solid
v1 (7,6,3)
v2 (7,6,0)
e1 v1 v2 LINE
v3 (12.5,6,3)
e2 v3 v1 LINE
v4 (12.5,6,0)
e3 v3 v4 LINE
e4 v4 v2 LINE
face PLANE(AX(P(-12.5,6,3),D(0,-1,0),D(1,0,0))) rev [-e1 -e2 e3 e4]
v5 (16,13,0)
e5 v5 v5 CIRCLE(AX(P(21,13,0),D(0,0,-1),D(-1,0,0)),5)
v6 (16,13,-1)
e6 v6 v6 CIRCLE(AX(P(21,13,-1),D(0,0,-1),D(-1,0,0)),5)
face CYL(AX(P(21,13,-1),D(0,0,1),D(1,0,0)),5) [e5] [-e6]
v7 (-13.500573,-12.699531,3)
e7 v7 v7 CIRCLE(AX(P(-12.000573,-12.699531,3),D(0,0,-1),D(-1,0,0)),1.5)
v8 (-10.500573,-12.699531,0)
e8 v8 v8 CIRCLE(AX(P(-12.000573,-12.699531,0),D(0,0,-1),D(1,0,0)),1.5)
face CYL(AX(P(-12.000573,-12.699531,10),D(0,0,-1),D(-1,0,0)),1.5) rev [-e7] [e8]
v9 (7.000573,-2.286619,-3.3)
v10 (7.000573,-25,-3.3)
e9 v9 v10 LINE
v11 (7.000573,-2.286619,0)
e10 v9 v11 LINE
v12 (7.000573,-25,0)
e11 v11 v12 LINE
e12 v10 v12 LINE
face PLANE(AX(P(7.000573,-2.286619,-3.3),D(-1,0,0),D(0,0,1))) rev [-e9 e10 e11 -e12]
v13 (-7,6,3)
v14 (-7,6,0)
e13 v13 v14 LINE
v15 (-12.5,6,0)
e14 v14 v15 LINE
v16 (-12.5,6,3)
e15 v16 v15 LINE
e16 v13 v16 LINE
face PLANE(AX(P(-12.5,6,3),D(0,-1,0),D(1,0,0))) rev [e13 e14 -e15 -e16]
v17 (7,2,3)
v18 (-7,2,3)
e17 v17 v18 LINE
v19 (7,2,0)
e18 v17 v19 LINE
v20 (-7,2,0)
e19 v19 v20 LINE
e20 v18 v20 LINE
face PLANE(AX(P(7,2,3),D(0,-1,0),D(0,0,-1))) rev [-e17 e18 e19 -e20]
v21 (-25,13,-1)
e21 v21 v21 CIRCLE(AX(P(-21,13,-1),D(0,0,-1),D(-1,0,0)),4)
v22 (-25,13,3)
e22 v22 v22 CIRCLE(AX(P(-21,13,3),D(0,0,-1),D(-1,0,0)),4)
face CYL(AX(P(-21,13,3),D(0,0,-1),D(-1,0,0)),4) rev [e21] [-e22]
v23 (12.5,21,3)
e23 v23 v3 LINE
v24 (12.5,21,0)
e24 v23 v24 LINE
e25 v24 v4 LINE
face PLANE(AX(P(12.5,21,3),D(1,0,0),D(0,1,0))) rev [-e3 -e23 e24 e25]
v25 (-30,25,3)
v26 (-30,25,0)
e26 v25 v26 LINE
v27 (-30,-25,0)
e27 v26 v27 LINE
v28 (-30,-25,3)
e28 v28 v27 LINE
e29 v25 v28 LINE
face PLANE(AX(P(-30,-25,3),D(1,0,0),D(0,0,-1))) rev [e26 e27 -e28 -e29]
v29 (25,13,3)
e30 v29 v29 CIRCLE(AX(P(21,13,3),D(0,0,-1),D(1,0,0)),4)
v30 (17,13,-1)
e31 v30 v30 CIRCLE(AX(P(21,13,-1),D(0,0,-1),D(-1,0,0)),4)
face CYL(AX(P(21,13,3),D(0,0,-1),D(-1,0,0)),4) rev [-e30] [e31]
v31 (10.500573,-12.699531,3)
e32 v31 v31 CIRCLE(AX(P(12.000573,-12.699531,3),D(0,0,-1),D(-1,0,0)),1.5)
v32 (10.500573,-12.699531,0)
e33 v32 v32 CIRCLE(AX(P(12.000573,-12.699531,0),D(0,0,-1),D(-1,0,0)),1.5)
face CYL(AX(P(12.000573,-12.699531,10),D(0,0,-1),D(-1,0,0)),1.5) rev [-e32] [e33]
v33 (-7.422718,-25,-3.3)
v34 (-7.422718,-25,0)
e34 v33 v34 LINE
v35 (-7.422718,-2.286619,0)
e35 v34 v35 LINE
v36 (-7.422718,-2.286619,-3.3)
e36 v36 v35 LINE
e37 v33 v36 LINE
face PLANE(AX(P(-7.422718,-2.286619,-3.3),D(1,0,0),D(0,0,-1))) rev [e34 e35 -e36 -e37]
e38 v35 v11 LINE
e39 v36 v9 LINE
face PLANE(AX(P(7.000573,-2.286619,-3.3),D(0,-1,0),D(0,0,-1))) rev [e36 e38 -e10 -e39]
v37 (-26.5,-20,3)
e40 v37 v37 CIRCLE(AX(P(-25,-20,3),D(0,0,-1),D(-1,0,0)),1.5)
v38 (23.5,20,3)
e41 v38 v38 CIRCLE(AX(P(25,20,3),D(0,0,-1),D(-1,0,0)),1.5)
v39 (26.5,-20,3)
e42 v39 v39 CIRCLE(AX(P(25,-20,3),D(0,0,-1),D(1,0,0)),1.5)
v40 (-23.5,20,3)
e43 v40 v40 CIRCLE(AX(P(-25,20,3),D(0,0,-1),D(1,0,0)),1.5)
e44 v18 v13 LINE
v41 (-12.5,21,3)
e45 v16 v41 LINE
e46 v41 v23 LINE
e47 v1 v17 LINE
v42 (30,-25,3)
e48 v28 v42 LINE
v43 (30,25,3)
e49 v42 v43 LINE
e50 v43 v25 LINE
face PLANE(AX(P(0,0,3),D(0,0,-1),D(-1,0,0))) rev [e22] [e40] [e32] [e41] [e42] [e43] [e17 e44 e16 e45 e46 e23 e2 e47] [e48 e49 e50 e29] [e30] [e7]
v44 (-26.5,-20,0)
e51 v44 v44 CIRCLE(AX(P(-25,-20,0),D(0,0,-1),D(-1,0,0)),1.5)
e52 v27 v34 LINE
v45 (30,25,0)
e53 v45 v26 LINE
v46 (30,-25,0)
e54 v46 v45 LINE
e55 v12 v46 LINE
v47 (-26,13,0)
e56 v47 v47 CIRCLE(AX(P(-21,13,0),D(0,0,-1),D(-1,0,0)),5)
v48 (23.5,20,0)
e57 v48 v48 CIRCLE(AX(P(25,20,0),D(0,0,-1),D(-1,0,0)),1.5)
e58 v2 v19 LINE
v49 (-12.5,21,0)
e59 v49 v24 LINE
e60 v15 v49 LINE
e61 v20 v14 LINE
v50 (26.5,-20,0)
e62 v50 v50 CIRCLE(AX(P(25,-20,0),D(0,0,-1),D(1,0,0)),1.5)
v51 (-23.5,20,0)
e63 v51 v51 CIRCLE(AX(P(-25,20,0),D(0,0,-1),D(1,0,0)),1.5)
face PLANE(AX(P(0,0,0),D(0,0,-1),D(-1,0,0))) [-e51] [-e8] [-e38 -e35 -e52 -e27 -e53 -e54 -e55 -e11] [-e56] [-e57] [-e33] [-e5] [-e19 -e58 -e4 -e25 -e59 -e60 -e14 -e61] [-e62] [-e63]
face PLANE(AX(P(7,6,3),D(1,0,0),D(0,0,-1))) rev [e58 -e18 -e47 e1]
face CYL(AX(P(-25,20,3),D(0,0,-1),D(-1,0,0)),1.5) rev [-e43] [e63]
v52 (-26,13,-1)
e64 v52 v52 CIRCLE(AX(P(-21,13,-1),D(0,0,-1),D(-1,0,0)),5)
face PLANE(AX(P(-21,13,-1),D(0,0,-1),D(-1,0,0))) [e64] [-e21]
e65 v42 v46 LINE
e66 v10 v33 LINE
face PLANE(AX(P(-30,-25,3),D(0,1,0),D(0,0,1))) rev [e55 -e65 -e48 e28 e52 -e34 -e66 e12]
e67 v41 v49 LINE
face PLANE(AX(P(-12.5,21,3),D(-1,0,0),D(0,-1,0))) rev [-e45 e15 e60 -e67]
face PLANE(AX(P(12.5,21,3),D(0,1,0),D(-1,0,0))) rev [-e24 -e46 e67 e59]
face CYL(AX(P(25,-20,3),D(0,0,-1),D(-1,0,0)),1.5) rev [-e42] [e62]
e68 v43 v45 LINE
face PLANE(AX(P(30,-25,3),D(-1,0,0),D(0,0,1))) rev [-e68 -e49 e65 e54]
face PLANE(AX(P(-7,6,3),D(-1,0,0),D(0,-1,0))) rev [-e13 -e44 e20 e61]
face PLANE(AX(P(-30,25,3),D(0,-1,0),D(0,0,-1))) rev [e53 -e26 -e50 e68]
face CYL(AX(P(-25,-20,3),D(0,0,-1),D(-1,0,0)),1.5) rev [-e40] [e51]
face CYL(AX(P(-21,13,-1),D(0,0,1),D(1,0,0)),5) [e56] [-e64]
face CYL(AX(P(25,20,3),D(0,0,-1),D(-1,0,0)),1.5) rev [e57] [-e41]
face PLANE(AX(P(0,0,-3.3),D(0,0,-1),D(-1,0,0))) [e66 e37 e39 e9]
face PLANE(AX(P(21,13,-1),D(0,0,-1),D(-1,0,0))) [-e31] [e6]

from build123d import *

# Parameters (mm, degrees)
SKETCH1_W           = 60
SKETCH1_H           = 50
BOSS_EXTRUDE1_DEPTH = 3
SKETCH2_R           = 4
CUT_EXTRUDE1_DEPTH  = 40.166312055
BOSS_EXTRUDE2_START = 1
SKETCH3_R           = 5
SKETCH3_R_2         = 4
BOSS_EXTRUDE2_DEPTH = 1
SKETCH4_W           = 25
SKETCH4_H           = 15
CUT_EXTRUDE2_DEPTH  = 40.166312055
SKETCH5_W           = 14
SKETCH5_H           = 4
CUT_EXTRUDE3_DEPTH  = 40.166312055
SKETCH6_W           = 14.423290477
SKETCH6_H           = 22.713380778
BOSS_EXTRUDE3_DEPTH = 3.3
SKETCH8_R           = 1.5
CUT_EXTRUDE4_DEPTH  = 40.190432506
SKETCH9_R           = 1.5
CUT_EXTRUDE5_DEPTH  = 10


with BuildPart() as part:
    # Sketch1 → Boss-Extrude1 (new body)
    with BuildSketch(Plane.XY):
        Rectangle(SKETCH1_W, SKETCH1_H)
    extrude(amount=BOSS_EXTRUDE1_DEPTH)

    # Sketch2 → Cut-Extrude1 (cut, through all)
    with BuildSketch(Plane(origin=(0, 0, 0), x_dir=(-1, 0, 0), z_dir=(0, 0, -1))):
        with Locations((21, 13)):
            Circle(SKETCH2_R)
        with Locations(Location((-21, 13, 0), (0, 0, 180))):
            Circle(SKETCH2_R)
    extrude(amount=-CUT_EXTRUDE1_DEPTH, mode=Mode.SUBTRACT)

    # Sketch3 → Boss-Extrude2 (add)
    # profile 1 of 2: a face of its own
    with BuildSketch(Plane(origin=(0, 0, 0), x_dir=(-1, 0, 0), z_dir=(0, 0, -1)).offset(BOSS_EXTRUDE2_START)):
        with Locations((21, 13)):
            Circle(SKETCH3_R)
        with Locations((21, 13)):
            Circle(SKETCH3_R_2, mode=Mode.SUBTRACT)
    # profile 2 of 2: a face of its own
    with BuildSketch(Plane(origin=(0, 0, 0), x_dir=(-1, 0, 0), z_dir=(0, 0, -1)).offset(BOSS_EXTRUDE2_START)):
        with Locations((-21, 13)):
            Circle(SKETCH3_R)
        with Locations((-21, 13)):
            Circle(SKETCH3_R_2, mode=Mode.SUBTRACT)
    extrude(amount=-BOSS_EXTRUDE2_DEPTH)

    # Sketch4 → Cut-Extrude2 (cut, through all)
    with BuildSketch(Plane(origin=(0, 0, 0), x_dir=(-1, 0, 0), z_dir=(0, 0, -1))):
        with Locations((0, 13.5)):
            Rectangle(SKETCH4_W, SKETCH4_H)
    extrude(amount=-CUT_EXTRUDE2_DEPTH, mode=Mode.SUBTRACT)

    # Sketch5 → Cut-Extrude3 (cut, through all)
    with BuildSketch(Plane(origin=(0, 0, 0), x_dir=(-1, 0, 0), z_dir=(0, 0, -1))):
        with Locations((0, 4)):
            Rectangle(SKETCH5_W, SKETCH5_H)
    extrude(amount=-CUT_EXTRUDE3_DEPTH, mode=Mode.SUBTRACT)

    # Sketch6 → Boss-Extrude3 (add)
    with BuildSketch(Plane(origin=(0, 0, 0), x_dir=(-1, 0, 0), z_dir=(0, 0, -1))):
        with Locations((0.211072543, -13.643309611)):
            Rectangle(SKETCH6_W, SKETCH6_H)
    extrude(amount=BOSS_EXTRUDE3_DEPTH)

    # Sketch8 → Cut-Extrude4 (cut, through all)
    with BuildSketch(Plane(origin=(0, 0, 0), x_dir=(-1, 0, 0), z_dir=(0, 0, -1))):
        with Locations((-25, 20)):
            Circle(SKETCH8_R)
        with Locations(Location((-25, -20, 0), (0, 0, 180))):
            Circle(SKETCH8_R)
        with Locations((25, -20)):
            Circle(SKETCH8_R)
        with Locations(Location((25, 20, 0), (0, 0, 180))):
            Circle(SKETCH8_R)
    extrude(amount=-CUT_EXTRUDE4_DEPTH, mode=Mode.SUBTRACT)

    # Sketch9 → Cut-Extrude5 (cut)
    with BuildSketch(Plane(origin=(0, 0, 0), x_dir=(-1, 0, 0), z_dir=(0, 0, -1))):
        with Locations((-12.000572695, -12.699531371)):
            Circle(SKETCH9_R)
        with Locations((12.000572695, -12.699531371)):
            Circle(SKETCH9_R)
    extrude(amount=-CUT_EXTRUDE5_DEPTH, mode=Mode.SUBTRACT)


solid = part.part
